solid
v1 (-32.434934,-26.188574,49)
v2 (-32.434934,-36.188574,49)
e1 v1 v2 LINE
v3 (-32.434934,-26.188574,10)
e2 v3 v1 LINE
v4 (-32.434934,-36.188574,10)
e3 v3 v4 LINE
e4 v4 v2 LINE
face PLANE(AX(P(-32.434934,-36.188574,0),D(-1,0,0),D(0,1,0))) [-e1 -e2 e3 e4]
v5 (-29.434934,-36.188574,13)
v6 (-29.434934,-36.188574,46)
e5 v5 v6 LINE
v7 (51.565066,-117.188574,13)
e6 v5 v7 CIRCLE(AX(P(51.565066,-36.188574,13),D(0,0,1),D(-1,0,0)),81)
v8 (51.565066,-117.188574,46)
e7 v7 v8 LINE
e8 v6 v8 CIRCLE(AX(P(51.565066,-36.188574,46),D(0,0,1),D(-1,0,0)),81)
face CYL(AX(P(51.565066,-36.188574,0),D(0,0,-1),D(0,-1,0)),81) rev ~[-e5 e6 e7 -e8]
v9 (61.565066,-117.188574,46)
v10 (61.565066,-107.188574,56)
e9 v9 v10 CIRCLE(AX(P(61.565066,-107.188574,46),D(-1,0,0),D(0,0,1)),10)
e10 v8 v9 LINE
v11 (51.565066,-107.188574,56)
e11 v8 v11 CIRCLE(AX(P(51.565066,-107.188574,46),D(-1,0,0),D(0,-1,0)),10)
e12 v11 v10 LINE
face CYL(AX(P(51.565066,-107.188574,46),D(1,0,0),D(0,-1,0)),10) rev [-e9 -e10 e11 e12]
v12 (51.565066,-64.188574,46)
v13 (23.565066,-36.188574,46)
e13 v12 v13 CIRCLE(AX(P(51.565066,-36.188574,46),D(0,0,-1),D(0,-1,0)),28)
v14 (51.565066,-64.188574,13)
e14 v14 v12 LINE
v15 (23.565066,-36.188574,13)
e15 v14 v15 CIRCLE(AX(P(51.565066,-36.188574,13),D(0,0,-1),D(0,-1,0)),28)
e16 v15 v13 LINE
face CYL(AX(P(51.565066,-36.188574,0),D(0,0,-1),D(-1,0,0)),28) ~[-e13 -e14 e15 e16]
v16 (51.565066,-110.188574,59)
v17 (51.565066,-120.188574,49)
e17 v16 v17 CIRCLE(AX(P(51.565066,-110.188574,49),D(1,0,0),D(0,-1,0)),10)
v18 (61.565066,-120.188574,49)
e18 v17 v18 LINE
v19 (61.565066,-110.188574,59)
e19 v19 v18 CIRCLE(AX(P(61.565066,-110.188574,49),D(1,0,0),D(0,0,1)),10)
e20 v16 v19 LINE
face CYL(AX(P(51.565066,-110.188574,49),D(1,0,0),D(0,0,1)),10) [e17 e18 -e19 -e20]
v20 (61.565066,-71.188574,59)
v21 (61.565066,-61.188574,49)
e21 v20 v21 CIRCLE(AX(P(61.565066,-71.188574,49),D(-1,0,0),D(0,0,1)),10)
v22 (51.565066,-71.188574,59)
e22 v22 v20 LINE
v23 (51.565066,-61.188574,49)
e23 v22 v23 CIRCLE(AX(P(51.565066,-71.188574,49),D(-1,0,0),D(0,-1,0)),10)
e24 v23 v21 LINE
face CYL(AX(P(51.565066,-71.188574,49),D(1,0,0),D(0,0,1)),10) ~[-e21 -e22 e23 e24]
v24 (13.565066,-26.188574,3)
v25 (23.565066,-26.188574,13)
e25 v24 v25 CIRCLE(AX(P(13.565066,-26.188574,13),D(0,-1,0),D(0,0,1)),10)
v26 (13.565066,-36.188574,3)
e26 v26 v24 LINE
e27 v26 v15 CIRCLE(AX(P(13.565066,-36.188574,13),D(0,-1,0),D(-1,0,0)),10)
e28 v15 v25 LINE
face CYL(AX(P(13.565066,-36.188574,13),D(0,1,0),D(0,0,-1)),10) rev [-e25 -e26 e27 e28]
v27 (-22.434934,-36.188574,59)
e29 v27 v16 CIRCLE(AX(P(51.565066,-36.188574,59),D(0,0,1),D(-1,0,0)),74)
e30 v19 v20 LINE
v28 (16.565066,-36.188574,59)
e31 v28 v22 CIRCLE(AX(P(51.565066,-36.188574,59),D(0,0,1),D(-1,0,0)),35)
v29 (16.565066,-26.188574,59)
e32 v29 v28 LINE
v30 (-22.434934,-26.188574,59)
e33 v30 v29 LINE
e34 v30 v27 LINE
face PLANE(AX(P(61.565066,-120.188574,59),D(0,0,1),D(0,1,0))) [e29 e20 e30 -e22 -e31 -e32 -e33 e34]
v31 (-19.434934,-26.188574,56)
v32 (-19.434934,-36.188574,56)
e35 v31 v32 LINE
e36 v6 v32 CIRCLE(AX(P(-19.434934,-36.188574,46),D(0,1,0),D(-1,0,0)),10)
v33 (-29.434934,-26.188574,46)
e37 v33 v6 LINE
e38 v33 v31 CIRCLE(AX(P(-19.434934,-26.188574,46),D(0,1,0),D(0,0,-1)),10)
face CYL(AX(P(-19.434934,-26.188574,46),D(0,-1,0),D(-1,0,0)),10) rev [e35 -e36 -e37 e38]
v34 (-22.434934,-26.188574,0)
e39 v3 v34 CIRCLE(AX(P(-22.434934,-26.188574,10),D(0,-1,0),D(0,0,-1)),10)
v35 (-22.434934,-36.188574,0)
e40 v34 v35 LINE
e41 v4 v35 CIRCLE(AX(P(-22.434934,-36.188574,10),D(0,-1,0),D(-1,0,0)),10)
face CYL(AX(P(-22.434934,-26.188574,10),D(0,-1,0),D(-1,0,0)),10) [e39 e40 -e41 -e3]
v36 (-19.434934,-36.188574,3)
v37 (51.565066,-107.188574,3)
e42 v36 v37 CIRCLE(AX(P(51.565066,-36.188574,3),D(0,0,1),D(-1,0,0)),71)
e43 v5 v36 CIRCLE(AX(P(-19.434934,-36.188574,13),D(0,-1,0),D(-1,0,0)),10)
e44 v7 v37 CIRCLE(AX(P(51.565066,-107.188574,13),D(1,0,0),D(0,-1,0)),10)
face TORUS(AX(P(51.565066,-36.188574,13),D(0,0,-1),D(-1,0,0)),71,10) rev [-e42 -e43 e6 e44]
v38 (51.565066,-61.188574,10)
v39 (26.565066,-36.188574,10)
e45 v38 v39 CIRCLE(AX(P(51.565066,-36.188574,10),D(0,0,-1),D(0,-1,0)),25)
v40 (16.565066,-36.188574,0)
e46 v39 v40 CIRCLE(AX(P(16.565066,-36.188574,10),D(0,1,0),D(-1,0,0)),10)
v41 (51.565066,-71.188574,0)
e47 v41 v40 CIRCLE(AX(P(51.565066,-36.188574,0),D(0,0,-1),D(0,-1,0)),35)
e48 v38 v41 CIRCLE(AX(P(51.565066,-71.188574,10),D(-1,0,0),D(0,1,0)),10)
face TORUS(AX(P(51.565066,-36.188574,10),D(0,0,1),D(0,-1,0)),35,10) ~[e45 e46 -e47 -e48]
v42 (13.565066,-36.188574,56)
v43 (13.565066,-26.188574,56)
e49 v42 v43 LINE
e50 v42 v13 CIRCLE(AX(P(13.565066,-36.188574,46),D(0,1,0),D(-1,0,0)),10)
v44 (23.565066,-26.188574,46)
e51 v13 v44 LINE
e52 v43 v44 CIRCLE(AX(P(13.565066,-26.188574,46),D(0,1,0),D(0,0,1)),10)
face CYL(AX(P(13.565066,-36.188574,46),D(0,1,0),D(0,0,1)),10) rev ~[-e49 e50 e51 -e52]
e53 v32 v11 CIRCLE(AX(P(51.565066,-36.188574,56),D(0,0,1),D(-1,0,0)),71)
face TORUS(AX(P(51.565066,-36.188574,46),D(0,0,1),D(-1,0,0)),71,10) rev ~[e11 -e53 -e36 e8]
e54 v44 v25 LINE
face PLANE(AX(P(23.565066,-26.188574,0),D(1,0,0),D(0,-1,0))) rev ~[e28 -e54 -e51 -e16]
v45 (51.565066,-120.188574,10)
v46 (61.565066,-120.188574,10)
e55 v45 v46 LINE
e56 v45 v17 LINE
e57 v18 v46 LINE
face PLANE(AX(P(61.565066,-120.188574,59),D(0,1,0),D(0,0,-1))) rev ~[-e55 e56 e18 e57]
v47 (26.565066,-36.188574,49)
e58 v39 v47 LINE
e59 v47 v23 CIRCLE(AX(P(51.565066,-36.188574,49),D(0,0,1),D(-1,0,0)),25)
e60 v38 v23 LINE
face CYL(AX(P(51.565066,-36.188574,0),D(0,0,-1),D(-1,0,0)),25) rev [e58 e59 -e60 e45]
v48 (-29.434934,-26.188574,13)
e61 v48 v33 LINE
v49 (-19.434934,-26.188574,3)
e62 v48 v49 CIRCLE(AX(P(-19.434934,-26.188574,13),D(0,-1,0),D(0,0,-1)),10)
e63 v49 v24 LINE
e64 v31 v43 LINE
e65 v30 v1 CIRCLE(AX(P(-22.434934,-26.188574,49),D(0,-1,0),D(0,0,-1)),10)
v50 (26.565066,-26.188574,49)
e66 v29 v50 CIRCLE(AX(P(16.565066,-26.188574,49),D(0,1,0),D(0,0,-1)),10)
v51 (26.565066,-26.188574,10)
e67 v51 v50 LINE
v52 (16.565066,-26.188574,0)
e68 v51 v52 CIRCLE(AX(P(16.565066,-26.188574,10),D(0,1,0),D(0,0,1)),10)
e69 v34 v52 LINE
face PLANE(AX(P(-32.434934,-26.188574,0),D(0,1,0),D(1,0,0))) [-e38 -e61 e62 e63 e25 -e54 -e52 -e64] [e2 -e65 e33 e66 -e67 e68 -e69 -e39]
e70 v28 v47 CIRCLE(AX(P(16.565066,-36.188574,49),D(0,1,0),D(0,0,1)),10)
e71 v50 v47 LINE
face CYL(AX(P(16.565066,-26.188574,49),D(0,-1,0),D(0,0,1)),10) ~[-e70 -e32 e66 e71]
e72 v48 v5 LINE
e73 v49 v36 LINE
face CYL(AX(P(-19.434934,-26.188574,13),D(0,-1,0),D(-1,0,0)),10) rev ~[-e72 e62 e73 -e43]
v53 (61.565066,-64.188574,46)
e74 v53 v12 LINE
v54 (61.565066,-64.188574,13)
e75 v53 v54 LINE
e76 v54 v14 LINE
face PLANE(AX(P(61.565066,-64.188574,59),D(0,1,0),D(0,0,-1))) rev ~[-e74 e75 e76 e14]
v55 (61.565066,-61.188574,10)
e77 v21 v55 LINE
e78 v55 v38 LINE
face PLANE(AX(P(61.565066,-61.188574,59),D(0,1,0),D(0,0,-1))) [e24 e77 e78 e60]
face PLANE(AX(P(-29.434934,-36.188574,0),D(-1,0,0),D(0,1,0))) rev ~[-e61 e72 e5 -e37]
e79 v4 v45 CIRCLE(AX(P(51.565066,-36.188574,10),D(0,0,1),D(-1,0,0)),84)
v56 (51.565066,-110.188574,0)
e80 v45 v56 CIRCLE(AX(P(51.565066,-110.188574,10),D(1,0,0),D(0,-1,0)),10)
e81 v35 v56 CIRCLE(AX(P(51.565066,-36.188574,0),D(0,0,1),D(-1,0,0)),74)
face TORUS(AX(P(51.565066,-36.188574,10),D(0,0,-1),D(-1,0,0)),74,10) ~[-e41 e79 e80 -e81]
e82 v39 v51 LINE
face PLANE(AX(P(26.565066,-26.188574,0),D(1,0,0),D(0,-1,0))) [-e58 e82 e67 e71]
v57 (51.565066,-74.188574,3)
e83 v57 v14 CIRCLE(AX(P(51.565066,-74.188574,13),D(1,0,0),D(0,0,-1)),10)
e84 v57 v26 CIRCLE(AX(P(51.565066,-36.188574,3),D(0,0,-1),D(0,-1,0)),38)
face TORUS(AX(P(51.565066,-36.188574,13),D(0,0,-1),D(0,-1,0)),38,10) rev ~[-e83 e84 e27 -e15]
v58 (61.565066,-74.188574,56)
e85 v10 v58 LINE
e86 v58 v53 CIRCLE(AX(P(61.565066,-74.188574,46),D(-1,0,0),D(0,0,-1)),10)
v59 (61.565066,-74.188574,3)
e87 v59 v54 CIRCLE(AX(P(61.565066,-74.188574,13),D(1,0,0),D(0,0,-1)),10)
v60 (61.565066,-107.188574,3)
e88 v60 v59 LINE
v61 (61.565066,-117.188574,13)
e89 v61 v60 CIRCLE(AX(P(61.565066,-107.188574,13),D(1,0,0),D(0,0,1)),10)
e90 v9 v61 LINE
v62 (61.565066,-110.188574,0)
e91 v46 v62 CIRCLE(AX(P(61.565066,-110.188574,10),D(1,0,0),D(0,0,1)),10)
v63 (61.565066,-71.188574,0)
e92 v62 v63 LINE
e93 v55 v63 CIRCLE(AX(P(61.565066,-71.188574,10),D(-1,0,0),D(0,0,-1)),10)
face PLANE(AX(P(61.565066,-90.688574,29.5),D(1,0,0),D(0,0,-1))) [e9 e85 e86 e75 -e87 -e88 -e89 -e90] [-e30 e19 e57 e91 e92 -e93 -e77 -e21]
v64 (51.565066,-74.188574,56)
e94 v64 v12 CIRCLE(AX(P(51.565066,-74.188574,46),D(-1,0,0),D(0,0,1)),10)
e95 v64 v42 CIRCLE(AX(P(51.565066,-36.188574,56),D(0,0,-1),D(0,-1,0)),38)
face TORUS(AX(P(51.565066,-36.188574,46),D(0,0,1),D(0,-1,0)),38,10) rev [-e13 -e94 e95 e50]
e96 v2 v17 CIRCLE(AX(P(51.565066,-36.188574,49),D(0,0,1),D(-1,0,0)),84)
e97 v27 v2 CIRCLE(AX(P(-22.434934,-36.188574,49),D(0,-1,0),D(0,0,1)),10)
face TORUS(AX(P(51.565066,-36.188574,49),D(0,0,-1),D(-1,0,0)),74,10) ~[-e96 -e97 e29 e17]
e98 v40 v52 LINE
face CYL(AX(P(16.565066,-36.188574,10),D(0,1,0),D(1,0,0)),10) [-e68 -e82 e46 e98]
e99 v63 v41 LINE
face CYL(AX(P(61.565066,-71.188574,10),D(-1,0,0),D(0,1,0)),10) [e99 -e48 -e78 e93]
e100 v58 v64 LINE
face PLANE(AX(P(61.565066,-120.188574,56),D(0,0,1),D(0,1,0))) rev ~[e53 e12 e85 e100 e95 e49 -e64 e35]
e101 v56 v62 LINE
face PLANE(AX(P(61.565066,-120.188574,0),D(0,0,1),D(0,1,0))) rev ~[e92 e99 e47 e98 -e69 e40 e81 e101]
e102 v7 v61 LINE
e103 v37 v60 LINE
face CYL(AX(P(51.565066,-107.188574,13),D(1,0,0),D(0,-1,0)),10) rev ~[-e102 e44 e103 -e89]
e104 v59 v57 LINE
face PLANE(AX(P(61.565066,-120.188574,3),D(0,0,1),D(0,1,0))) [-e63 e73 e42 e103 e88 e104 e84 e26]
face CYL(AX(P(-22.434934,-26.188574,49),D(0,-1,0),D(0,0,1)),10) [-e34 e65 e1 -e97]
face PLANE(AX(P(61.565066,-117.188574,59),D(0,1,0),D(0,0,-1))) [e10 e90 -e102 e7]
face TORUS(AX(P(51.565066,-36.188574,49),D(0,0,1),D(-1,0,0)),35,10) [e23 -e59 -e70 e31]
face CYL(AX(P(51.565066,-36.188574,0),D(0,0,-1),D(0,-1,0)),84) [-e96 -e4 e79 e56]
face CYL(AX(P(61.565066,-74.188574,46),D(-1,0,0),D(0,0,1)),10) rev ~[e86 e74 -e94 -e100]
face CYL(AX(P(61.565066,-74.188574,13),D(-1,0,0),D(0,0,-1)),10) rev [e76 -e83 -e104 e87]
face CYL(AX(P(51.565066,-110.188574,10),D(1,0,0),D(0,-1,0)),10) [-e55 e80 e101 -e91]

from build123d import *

# Parameters (mm, degrees)
BOSS_EXTRUDE3_DEPTH = 59
SKETCH4_W           = 59
SKETCH4_H           = 59
BOSS_EXTRUDE4_DEPTH = 100
SHELL2_T            = -3
SKETCH5_W           = 59
SKETCH5_H           = 59
CUT_EXTRUDE1_DEPTH  = 100
FILLET1_R           = 10


with BuildPart() as part:
    # Sketch3 → Boss-Extrude3 (new body)
    with BuildSketch(Plane.XY):
        with BuildLine():
            Line((-32.434933876, -26.188574195), (26.565066124, -26.188574195))
            Line((26.565066124, -26.188574195), (26.565066124, -36.188574195))
            ThreePointArc((26.565066124, -36.188574195), (33.887396594, -53.866243725), (51.565066124, -61.188574195))
            Line((51.565066124, -61.188574195), (61.565066124, -61.188574195))
            Line((61.565066124, -61.188574195), (61.565066124, -120.188574195))
            Line((61.565066124, -120.188574195), (51.565066124, -120.188574195))
            ThreePointArc((51.565066124, -120.188574195), (-7.831903496, -95.585543815), (-32.434933876, -36.188574195))
            Line((-32.434933876, -36.188574195), (-32.434933876, -26.188574195))
        make_face()
    extrude(amount=BOSS_EXTRUDE3_DEPTH)

    # Sketch4 → Boss-Extrude4 (add)
    with BuildSketch(Plane(origin=(61.565066124, 0, 0), x_dir=(0, 0, -1), z_dir=(1, 0, 0))):
        with Locations((-29.5, -90.688574195)):
            Rectangle(SKETCH4_W, SKETCH4_H)
    extrude(amount=BOSS_EXTRUDE4_DEPTH)

    # Shell2
    shell2_openings = [part.faces().sort_by_distance(p)[0] for p in [
        (-2.934933876, -26.188574195, 29.5),
    ]]
    offset(amount=SHELL2_T, openings=shell2_openings, kind=Kind.INTERSECTION)

    # Sketch5 → Cut-Extrude1 (cut)
    with BuildSketch(Plane(origin=(161.565066124, 0, 0), x_dir=(0, 0, -1), z_dir=(1, 0, 0))):
        with Locations((-29.5, -90.688574195)):
            Rectangle(SKETCH5_W, SKETCH5_H)
    extrude(amount=-CUT_EXTRUDE1_DEPTH, mode=Mode.SUBTRACT)

    # Fillet1
    fillet1_edges = [part.edges().sort_by_distance(p)[0] for p in [
        (56.565066124, -120.188574195, 0),
        (-7.831903496, -95.585543815, 0),
        (-32.434933876, -31.188574195, 0),
        (56.565066124, -120.188574195, 59),
        (33.887396594, -53.866243725, 59),
        (26.565066124, -31.188574195, 59),
        (-29.434933876, -31.188574195, 3),
        (-5.710583152, -93.464223471, 3),
        (56.565066124, -117.188574195, 3),
        (31.76607625, -55.987564069, 3),
        (23.565066124, -31.188574195, 3),
        (-29.434933876, -31.188574195, 56),
        (-5.710583152, -93.464223471, 56),
        (56.565066124, -117.188574195, 56),
        (31.76607625, -55.987564069, 56),
        (23.565066124, -31.188574195, 56),
        (-32.434933876, -31.188574195, 59),
        (56.565066124, -64.188574195, 3),
        (56.565066124, -64.188574195, 56),
        (56.565066124, -61.188574195, 0),
        (56.565066124, -61.188574195, 59),
        (-7.831903496, -95.585543815, 59),
        (26.565066124, -31.188574195, 0),
        (33.887396594, -53.866243725, 0),
    ]]
    fillet(fillet1_edges, radius=FILLET1_R)


solid = part.part
